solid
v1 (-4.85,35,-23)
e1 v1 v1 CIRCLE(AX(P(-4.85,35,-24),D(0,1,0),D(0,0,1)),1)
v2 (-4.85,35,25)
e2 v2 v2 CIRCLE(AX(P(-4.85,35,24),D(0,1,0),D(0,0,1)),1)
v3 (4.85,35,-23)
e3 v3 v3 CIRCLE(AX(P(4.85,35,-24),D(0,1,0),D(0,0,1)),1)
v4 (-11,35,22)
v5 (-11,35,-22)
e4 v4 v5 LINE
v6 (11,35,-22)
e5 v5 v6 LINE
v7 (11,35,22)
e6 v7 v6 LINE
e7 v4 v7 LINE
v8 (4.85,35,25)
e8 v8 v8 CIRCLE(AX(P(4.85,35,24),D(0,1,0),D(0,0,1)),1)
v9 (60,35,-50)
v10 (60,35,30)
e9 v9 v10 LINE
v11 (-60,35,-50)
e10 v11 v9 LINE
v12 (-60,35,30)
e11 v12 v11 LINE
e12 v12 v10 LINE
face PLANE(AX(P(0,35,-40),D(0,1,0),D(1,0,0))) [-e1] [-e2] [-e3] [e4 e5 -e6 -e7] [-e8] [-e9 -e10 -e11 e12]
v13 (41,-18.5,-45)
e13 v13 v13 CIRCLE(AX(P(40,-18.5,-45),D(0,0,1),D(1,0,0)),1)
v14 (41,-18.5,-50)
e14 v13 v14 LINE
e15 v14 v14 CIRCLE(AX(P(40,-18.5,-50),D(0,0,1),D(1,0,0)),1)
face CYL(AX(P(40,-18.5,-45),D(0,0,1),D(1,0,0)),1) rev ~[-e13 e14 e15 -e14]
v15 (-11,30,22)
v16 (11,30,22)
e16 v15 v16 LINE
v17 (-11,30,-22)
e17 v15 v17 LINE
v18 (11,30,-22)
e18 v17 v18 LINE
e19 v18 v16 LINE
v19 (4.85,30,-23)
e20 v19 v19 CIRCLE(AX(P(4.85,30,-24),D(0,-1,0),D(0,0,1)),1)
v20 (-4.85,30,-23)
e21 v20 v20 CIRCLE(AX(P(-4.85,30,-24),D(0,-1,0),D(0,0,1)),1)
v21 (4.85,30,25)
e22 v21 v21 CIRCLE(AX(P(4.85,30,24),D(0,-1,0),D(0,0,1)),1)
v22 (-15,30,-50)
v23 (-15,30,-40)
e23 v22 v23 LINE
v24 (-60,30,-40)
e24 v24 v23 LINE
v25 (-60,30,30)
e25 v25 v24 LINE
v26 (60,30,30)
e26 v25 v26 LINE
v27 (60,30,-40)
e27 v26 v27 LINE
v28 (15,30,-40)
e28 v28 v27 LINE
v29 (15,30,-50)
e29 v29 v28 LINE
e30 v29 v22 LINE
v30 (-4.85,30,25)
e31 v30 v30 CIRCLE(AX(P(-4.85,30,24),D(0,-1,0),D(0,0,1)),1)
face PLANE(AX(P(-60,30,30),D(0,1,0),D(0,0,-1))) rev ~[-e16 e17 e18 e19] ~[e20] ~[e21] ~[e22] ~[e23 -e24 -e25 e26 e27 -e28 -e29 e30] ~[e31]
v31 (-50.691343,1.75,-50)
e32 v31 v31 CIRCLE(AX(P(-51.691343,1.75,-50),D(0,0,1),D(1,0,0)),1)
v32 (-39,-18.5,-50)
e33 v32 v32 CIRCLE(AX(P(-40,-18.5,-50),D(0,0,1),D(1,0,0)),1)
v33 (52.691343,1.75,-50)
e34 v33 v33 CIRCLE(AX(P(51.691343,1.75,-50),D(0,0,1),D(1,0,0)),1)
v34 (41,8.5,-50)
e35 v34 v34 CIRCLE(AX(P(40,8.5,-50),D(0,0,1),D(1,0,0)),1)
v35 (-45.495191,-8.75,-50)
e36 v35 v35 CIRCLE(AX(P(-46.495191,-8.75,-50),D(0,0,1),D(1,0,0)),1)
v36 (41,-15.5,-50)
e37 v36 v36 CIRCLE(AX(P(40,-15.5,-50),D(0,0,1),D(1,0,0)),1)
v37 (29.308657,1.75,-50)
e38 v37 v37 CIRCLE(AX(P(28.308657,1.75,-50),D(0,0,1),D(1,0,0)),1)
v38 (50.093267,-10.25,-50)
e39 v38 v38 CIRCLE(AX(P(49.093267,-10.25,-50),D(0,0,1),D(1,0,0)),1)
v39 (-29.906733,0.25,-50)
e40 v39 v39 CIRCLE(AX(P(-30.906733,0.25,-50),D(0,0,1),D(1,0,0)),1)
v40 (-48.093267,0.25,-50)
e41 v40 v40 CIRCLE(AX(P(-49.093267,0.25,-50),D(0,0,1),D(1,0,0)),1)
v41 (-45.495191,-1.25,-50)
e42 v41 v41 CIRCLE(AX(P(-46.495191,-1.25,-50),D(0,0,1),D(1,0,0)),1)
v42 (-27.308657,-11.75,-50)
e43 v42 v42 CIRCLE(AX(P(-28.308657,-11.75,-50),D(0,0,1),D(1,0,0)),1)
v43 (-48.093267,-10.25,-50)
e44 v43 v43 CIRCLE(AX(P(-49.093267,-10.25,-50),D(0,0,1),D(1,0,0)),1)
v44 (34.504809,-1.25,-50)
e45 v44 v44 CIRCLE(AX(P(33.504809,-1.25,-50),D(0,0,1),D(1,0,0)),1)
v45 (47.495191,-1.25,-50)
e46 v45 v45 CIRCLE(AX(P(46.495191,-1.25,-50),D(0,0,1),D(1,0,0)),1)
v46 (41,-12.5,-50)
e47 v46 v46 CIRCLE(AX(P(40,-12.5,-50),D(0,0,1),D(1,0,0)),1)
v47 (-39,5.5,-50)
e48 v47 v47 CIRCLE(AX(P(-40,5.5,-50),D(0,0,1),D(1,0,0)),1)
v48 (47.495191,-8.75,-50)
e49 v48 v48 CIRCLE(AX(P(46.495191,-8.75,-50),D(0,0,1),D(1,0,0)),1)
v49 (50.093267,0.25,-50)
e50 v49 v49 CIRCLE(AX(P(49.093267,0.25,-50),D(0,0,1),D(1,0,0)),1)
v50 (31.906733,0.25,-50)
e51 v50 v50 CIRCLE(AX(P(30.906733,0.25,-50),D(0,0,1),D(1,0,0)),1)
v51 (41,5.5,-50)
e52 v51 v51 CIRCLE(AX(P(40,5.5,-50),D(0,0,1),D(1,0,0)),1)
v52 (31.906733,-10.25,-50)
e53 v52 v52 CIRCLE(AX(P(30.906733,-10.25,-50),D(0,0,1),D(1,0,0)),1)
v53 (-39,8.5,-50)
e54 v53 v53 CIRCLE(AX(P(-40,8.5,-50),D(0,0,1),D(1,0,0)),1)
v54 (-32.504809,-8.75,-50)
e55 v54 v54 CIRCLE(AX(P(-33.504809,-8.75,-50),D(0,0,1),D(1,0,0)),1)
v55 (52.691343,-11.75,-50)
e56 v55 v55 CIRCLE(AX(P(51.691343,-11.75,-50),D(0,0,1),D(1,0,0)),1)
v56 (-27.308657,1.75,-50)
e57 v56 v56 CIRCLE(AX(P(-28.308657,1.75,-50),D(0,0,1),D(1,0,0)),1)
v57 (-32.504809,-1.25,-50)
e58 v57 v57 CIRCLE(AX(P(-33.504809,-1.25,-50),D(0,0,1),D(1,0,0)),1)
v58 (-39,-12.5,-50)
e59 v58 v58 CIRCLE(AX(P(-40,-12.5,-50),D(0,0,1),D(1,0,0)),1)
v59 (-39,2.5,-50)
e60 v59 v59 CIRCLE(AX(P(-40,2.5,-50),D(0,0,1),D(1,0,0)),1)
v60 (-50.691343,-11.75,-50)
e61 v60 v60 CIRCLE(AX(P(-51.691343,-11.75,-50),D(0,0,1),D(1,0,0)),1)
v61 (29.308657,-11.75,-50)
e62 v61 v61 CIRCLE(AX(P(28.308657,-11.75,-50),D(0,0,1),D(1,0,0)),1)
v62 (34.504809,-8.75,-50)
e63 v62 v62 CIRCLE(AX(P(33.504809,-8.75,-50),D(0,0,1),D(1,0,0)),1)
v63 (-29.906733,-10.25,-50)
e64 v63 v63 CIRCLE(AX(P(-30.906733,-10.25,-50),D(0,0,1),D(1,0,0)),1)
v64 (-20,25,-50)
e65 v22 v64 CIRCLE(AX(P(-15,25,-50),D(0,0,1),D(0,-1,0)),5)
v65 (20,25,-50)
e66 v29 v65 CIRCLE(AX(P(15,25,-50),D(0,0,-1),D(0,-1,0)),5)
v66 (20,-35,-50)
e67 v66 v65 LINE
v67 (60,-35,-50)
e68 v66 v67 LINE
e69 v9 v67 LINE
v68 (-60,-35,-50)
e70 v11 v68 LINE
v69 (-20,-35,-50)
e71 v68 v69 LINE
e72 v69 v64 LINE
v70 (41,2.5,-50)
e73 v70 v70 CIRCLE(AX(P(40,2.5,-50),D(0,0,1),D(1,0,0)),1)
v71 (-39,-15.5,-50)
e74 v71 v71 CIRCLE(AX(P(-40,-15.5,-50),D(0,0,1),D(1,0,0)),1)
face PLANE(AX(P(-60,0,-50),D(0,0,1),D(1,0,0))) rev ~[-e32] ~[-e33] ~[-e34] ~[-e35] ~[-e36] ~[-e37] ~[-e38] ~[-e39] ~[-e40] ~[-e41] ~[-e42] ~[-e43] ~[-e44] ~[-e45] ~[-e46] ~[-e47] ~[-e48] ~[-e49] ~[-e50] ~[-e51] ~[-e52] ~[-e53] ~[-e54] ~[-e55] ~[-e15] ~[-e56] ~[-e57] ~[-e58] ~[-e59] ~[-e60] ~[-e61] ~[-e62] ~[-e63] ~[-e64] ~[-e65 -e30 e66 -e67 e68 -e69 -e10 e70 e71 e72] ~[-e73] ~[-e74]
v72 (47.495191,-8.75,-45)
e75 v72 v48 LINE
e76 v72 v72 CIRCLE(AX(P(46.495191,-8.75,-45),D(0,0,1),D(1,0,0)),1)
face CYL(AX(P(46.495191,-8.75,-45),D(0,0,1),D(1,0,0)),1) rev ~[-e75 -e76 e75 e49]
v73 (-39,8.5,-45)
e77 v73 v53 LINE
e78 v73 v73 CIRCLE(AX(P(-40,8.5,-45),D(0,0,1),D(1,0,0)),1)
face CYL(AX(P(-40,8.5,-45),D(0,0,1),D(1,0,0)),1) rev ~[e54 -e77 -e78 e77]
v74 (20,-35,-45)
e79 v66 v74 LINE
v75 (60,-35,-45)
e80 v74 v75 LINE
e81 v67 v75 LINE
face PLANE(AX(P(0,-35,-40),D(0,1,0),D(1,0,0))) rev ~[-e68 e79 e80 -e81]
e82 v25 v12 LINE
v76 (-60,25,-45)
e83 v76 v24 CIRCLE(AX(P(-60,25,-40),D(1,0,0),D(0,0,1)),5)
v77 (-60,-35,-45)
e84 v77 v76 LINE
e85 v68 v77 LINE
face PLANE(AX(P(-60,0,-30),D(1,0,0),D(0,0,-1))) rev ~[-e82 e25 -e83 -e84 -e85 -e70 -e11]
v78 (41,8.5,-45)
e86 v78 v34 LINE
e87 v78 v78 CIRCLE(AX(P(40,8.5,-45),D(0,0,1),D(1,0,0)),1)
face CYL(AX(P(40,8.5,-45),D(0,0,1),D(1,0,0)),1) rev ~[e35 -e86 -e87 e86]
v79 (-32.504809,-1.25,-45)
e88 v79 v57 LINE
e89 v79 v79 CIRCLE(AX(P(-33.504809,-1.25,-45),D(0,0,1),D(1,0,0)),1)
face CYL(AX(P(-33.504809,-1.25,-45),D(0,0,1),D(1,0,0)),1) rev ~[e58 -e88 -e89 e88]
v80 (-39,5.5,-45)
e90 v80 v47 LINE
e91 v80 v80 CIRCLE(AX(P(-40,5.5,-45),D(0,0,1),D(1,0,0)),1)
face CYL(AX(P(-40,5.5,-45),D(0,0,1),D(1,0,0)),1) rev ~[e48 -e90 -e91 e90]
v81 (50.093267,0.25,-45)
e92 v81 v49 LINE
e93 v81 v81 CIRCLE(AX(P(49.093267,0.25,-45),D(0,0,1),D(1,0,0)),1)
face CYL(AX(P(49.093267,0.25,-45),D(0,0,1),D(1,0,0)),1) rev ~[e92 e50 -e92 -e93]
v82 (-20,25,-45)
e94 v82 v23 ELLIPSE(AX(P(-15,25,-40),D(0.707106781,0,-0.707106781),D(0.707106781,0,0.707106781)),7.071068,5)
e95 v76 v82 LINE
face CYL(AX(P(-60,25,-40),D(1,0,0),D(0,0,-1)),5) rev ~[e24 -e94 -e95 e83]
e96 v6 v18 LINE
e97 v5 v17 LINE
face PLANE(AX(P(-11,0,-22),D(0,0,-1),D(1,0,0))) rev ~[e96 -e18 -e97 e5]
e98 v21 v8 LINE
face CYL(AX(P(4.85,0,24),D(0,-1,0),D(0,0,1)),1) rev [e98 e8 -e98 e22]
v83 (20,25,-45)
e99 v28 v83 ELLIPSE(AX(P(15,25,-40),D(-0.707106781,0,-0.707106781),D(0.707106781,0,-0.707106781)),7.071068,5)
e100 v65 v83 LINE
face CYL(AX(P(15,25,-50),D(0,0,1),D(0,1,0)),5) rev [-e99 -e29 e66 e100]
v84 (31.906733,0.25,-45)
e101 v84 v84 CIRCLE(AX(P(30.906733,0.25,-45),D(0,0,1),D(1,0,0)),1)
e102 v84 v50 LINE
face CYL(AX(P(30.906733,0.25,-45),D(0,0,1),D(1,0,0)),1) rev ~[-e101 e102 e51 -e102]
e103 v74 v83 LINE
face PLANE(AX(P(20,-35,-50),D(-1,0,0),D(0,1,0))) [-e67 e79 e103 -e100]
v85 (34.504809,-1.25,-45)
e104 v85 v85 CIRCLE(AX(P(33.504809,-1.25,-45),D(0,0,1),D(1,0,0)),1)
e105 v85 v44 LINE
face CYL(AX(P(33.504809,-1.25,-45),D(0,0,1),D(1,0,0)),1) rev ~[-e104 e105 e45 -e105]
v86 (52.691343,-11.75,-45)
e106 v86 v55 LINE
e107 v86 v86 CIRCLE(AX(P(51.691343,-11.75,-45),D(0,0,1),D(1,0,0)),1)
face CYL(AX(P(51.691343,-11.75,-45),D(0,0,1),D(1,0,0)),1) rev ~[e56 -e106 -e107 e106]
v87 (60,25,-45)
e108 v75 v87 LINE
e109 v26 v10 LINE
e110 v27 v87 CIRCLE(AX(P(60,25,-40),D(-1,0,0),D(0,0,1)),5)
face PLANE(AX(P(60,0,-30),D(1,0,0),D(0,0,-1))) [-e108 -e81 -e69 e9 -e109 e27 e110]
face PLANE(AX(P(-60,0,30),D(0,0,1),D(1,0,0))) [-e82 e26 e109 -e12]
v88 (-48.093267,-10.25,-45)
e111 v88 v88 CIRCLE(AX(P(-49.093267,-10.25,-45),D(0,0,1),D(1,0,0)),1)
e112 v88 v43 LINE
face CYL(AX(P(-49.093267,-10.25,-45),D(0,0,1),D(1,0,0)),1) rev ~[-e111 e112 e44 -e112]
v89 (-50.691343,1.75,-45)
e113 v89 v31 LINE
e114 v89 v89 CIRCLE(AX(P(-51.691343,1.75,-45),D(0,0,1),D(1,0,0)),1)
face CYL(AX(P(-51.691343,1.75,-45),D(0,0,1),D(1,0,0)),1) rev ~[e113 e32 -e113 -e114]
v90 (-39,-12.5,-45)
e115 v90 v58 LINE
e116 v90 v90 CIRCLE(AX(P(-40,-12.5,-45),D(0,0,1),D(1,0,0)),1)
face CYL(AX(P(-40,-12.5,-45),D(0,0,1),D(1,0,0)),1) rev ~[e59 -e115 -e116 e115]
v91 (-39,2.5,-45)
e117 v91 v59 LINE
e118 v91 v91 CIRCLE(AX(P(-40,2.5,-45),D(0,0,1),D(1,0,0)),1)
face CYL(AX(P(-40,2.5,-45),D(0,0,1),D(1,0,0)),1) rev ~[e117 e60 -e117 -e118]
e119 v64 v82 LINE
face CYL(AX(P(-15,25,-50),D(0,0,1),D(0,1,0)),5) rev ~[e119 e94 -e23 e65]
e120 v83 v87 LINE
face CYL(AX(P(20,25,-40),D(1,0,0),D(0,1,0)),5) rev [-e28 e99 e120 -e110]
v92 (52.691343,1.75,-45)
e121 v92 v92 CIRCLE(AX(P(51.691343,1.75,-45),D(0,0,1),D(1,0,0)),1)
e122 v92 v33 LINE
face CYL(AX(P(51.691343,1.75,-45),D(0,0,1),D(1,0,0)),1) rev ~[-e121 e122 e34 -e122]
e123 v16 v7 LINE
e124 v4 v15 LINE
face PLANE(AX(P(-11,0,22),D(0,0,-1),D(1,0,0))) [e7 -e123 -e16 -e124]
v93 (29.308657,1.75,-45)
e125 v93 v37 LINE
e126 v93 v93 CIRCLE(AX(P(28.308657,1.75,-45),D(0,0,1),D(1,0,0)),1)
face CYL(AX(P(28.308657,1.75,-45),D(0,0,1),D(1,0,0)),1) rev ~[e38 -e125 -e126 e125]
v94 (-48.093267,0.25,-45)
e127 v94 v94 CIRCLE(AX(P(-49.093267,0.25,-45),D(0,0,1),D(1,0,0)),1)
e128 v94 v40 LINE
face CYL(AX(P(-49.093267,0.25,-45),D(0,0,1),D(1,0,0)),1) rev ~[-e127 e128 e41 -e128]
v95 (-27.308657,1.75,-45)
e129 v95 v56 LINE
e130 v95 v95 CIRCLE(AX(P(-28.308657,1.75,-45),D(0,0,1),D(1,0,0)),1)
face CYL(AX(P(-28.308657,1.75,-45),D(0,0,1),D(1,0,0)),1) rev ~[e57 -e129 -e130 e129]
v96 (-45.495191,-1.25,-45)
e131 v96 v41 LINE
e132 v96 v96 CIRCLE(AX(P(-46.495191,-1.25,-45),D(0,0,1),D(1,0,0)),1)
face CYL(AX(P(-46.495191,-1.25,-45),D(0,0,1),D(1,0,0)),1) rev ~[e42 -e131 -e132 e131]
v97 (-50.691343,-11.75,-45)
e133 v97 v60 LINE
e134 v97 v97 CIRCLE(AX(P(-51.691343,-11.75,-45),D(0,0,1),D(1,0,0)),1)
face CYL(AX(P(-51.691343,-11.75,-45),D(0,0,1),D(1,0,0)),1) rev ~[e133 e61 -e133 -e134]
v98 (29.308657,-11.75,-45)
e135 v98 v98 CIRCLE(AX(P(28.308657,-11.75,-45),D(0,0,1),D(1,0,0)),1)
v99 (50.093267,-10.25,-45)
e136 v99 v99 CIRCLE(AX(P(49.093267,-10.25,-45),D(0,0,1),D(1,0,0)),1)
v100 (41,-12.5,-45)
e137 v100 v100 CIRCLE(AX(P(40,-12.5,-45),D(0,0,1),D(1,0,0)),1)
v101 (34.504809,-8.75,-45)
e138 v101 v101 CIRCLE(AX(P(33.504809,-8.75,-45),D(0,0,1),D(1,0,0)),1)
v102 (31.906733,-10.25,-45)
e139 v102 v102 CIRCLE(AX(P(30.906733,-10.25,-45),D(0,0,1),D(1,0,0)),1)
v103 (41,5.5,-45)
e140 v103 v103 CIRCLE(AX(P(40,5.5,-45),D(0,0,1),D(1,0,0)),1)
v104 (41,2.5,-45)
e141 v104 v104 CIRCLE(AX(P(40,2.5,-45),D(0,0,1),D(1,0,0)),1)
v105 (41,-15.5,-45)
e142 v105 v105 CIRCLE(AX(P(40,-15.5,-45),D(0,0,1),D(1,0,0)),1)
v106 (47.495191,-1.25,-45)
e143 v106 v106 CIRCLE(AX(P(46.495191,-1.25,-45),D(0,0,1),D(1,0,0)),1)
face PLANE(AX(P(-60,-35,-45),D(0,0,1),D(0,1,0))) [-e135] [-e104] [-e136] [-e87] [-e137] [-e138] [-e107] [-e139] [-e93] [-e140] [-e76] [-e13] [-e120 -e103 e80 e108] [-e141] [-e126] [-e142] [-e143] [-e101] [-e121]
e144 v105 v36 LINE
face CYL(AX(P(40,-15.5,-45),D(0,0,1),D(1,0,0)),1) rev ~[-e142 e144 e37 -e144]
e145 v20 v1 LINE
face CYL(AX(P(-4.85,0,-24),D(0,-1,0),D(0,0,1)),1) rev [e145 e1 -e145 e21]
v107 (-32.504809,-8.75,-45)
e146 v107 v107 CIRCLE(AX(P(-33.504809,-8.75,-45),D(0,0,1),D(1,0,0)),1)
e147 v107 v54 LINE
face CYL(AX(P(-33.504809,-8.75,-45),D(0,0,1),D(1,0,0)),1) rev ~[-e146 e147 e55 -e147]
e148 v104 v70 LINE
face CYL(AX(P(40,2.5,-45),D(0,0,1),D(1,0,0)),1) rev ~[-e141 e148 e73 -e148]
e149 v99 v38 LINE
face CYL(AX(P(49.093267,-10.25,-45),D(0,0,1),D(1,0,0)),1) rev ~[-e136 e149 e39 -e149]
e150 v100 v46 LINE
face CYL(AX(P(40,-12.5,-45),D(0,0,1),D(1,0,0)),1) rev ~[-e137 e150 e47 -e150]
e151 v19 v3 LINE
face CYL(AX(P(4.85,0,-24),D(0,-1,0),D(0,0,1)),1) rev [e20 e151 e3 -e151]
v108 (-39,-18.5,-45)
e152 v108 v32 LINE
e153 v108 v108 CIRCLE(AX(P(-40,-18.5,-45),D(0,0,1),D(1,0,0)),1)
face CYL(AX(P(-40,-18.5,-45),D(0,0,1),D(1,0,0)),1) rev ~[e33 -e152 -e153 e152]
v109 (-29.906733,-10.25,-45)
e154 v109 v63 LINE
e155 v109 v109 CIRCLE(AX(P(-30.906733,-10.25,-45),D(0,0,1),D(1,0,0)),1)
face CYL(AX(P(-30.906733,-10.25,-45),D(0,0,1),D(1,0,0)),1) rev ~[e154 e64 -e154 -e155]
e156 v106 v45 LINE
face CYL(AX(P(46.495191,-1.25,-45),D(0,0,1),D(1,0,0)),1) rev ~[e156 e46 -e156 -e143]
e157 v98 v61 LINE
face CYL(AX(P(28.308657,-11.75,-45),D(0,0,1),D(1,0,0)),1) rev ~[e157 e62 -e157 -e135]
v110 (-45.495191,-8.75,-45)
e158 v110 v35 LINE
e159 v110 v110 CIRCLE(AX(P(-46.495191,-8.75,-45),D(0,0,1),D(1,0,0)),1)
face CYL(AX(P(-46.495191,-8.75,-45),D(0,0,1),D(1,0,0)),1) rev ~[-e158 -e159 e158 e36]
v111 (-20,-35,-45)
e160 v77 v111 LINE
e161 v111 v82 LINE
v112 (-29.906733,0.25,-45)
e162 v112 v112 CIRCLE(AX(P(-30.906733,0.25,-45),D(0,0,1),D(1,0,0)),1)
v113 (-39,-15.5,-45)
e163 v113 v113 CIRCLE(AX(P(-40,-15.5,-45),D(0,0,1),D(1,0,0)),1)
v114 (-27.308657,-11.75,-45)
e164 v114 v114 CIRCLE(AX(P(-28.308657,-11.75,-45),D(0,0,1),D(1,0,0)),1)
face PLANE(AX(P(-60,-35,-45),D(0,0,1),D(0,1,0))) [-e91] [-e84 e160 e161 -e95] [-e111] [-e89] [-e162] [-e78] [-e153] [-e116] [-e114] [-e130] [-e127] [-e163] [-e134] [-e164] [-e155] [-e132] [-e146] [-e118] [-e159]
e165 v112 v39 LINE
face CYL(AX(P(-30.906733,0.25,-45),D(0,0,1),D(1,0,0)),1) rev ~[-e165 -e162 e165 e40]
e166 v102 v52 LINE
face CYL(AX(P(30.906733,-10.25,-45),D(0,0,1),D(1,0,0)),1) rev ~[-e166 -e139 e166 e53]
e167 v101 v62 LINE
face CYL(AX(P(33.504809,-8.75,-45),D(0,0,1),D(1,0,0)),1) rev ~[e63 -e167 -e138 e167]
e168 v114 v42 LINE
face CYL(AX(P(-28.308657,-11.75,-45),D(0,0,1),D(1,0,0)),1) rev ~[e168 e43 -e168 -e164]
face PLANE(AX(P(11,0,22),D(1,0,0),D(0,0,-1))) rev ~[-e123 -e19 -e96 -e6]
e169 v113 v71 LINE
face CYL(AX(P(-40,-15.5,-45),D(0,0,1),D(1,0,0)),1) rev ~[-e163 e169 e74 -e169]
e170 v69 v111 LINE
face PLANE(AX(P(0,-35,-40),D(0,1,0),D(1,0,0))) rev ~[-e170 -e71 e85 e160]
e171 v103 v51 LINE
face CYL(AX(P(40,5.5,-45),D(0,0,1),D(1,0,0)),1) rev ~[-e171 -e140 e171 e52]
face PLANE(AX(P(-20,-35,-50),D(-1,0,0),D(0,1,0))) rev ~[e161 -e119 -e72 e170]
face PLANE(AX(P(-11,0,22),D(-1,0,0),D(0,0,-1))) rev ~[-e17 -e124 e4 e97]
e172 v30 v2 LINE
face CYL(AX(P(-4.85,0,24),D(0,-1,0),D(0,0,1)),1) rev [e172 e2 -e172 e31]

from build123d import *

# Parameters (mm, degrees)
SKETCH1_W           = 120
SKETCH1_H           = 60
SKETCH1_R           = 1
SKETCH1_W_2         = 22
SKETCH1_H_2         = 44
SKETCH1_H_3         = 20
BOSS_EXTRUDE1_DEPTH = 35
CUT_EXTRUDE1_REACH  = 171.853
SKETCH2_W           = 75
SKETCH2_H           = 65
SKETCH3_W           = 40
SKETCH3_H           = 65
CUT_EXTRUDE2_DEPTH  = 5
FILLET1_R           = 5
SKETCH4_R           = 1
CUT_EXTRUDE3_DEPTH  = 5


with BuildPart() as part:
    # Sketch1 → Boss-Extrude1 (new, symmetric)
    # profile 1 of 2: a face of its own
    with BuildSketch(Plane(origin=(0, 0, 0), x_dir=(1, 0, 0), z_dir=(0, 1, 0))):
        Rectangle(SKETCH1_W, SKETCH1_H)
        with Locations(Location((-4.85, -24, 0), (0, 0, 270))):
            Circle(SKETCH1_R, mode=Mode.SUBTRACT)
        Rectangle(SKETCH1_W_2, SKETCH1_H_2, mode=Mode.SUBTRACT)
        with Locations(Location((4.85, -24, 0), (0, 0, 270))):
            Circle(SKETCH1_R, mode=Mode.SUBTRACT)
        with Locations(Location((-4.85, 24, 0), (0, 0, 270))):
            Circle(SKETCH1_R, mode=Mode.SUBTRACT)
        with Locations(Location((4.85, 24, 0), (0, 0, 270))):
            Circle(SKETCH1_R, mode=Mode.SUBTRACT)
    # profile 2 of 2: a face of its own
    with BuildSketch(Plane(origin=(0, 0, 0), x_dir=(1, 0, 0), z_dir=(0, 1, 0))):
        with Locations((0, 40)):
            Rectangle(SKETCH1_W, SKETCH1_H_3)
    extrude(amount=BOSS_EXTRUDE1_DEPTH, both=True)

    # Cut-Extrude1: up to this face of the body (flat: up to its plane)
    cut_extrude1_end = Plane(part.part.faces().sort_by_distance((60, 0, -10))[0])
    # Sketch2 → Cut-Extrude1 (cut, up to the picked face)
    with BuildSketch(Plane(origin=(-60, 0, -85), x_dir=(0, 0, -1), z_dir=(1, 0, 0)), mode=Mode.PRIVATE) as cut_extrude1_sk1:
        with Locations((-77.5, -2.5)):
            Rectangle(SKETCH2_W, SKETCH2_H)
    cut_extrude1_tool1 = split(extrude(cut_extrude1_sk1.sketch, amount=CUT_EXTRUDE1_REACH, mode=Mode.PRIVATE), bisect_by=cut_extrude1_end, keep=Keep.BOTH, mode=Mode.PRIVATE)
    add(cut_extrude1_tool1.solids().sort_by(Axis((-60, -2.5, -7.5), (1, 0, 0)))[0], mode=Mode.SUBTRACT)

    # Sketch3 → Cut-Extrude2 (cut)
    with BuildSketch(Plane(origin=(0, 0, -50), x_dir=(-1, 0, 0), z_dir=(0, 0, -1))):
        with Locations((0, -2.5)):
            Rectangle(SKETCH3_W, SKETCH3_H)
    extrude(amount=-CUT_EXTRUDE2_DEPTH, mode=Mode.SUBTRACT)

    # Fillet1
    fillet1_edges = [part.edges().sort_by_distance(p)[0] for p in [
        (40, 30, -45),
        (-40, 30, -45),
        (-20, 30, -47.5),
        (20, 30, -47.5),
    ]]
    fillet(fillet1_edges, radius=FILLET1_R)

    # Sketch4 → Cut-Extrude3 (cut)
    with BuildSketch(Plane.XY.offset(-45)):
        with Locations((-40, -18.5)):
            Circle(SKETCH4_R)
        with Locations((-40, -15.5)):
            Circle(SKETCH4_R)
        with Locations((-40, -12.5)):
            Circle(SKETCH4_R)
        with Locations((-46.495190528, -8.75)):
            Circle(SKETCH4_R)
        with Locations((-49.09326674, -10.25)):
            Circle(SKETCH4_R)
        with Locations((-51.691342951, -11.75)):
            Circle(SKETCH4_R)
        with Locations((-46.495190528, -1.25)):
            Circle(SKETCH4_R)
        with Locations((-49.09326674, 0.25)):
            Circle(SKETCH4_R)
        with Locations((-51.691342951, 1.75)):
            Circle(SKETCH4_R)
        with Locations((-40, 2.5)):
            Circle(SKETCH4_R)
        with Locations((-40, 5.5)):
            Circle(SKETCH4_R)
        with Locations((-40, 8.5)):
            Circle(SKETCH4_R)
        with Locations((-33.504809472, -1.25)):
            Circle(SKETCH4_R)
        with Locations((-30.90673326, 0.25)):
            Circle(SKETCH4_R)
        with Locations((-28.308657049, 1.75)):
            Circle(SKETCH4_R)
        with Locations((-33.504809472, -8.75)):
            Circle(SKETCH4_R)
        with Locations((-30.90673326, -10.25)):
            Circle(SKETCH4_R)
        with Locations((-28.308657049, -11.75)):
            Circle(SKETCH4_R)
        with Locations((40, -18.5)):
            Circle(SKETCH4_R)
        with Locations((40, -15.5)):
            Circle(SKETCH4_R)
        with Locations((40, -12.5)):
            Circle(SKETCH4_R)
        with Locations((33.504809472, -8.75)):
            Circle(SKETCH4_R)
        with Locations((30.90673326, -10.25)):
            Circle(SKETCH4_R)
        with Locations((28.308657049, -11.75)):
            Circle(SKETCH4_R)
        with Locations((33.504809472, -1.25)):
            Circle(SKETCH4_R)
        with Locations((30.90673326, 0.25)):
            Circle(SKETCH4_R)
        with Locations((28.308657049, 1.75)):
            Circle(SKETCH4_R)
        with Locations((40, 2.5)):
            Circle(SKETCH4_R)
        with Locations((40, 5.5)):
            Circle(SKETCH4_R)
        with Locations((40, 8.5)):
            Circle(SKETCH4_R)
        with Locations((46.495190528, -1.25)):
            Circle(SKETCH4_R)
        with Locations((49.09326674, 0.25)):
            Circle(SKETCH4_R)
        with Locations((51.691342951, 1.75)):
            Circle(SKETCH4_R)
        with Locations((46.495190528, -8.75)):
            Circle(SKETCH4_R)
        with Locations((49.09326674, -10.25)):
            Circle(SKETCH4_R)
        with Locations((51.691342951, -11.75)):
            Circle(SKETCH4_R)
    extrude(amount=-CUT_EXTRUDE3_DEPTH, mode=Mode.SUBTRACT)


solid = part.part
